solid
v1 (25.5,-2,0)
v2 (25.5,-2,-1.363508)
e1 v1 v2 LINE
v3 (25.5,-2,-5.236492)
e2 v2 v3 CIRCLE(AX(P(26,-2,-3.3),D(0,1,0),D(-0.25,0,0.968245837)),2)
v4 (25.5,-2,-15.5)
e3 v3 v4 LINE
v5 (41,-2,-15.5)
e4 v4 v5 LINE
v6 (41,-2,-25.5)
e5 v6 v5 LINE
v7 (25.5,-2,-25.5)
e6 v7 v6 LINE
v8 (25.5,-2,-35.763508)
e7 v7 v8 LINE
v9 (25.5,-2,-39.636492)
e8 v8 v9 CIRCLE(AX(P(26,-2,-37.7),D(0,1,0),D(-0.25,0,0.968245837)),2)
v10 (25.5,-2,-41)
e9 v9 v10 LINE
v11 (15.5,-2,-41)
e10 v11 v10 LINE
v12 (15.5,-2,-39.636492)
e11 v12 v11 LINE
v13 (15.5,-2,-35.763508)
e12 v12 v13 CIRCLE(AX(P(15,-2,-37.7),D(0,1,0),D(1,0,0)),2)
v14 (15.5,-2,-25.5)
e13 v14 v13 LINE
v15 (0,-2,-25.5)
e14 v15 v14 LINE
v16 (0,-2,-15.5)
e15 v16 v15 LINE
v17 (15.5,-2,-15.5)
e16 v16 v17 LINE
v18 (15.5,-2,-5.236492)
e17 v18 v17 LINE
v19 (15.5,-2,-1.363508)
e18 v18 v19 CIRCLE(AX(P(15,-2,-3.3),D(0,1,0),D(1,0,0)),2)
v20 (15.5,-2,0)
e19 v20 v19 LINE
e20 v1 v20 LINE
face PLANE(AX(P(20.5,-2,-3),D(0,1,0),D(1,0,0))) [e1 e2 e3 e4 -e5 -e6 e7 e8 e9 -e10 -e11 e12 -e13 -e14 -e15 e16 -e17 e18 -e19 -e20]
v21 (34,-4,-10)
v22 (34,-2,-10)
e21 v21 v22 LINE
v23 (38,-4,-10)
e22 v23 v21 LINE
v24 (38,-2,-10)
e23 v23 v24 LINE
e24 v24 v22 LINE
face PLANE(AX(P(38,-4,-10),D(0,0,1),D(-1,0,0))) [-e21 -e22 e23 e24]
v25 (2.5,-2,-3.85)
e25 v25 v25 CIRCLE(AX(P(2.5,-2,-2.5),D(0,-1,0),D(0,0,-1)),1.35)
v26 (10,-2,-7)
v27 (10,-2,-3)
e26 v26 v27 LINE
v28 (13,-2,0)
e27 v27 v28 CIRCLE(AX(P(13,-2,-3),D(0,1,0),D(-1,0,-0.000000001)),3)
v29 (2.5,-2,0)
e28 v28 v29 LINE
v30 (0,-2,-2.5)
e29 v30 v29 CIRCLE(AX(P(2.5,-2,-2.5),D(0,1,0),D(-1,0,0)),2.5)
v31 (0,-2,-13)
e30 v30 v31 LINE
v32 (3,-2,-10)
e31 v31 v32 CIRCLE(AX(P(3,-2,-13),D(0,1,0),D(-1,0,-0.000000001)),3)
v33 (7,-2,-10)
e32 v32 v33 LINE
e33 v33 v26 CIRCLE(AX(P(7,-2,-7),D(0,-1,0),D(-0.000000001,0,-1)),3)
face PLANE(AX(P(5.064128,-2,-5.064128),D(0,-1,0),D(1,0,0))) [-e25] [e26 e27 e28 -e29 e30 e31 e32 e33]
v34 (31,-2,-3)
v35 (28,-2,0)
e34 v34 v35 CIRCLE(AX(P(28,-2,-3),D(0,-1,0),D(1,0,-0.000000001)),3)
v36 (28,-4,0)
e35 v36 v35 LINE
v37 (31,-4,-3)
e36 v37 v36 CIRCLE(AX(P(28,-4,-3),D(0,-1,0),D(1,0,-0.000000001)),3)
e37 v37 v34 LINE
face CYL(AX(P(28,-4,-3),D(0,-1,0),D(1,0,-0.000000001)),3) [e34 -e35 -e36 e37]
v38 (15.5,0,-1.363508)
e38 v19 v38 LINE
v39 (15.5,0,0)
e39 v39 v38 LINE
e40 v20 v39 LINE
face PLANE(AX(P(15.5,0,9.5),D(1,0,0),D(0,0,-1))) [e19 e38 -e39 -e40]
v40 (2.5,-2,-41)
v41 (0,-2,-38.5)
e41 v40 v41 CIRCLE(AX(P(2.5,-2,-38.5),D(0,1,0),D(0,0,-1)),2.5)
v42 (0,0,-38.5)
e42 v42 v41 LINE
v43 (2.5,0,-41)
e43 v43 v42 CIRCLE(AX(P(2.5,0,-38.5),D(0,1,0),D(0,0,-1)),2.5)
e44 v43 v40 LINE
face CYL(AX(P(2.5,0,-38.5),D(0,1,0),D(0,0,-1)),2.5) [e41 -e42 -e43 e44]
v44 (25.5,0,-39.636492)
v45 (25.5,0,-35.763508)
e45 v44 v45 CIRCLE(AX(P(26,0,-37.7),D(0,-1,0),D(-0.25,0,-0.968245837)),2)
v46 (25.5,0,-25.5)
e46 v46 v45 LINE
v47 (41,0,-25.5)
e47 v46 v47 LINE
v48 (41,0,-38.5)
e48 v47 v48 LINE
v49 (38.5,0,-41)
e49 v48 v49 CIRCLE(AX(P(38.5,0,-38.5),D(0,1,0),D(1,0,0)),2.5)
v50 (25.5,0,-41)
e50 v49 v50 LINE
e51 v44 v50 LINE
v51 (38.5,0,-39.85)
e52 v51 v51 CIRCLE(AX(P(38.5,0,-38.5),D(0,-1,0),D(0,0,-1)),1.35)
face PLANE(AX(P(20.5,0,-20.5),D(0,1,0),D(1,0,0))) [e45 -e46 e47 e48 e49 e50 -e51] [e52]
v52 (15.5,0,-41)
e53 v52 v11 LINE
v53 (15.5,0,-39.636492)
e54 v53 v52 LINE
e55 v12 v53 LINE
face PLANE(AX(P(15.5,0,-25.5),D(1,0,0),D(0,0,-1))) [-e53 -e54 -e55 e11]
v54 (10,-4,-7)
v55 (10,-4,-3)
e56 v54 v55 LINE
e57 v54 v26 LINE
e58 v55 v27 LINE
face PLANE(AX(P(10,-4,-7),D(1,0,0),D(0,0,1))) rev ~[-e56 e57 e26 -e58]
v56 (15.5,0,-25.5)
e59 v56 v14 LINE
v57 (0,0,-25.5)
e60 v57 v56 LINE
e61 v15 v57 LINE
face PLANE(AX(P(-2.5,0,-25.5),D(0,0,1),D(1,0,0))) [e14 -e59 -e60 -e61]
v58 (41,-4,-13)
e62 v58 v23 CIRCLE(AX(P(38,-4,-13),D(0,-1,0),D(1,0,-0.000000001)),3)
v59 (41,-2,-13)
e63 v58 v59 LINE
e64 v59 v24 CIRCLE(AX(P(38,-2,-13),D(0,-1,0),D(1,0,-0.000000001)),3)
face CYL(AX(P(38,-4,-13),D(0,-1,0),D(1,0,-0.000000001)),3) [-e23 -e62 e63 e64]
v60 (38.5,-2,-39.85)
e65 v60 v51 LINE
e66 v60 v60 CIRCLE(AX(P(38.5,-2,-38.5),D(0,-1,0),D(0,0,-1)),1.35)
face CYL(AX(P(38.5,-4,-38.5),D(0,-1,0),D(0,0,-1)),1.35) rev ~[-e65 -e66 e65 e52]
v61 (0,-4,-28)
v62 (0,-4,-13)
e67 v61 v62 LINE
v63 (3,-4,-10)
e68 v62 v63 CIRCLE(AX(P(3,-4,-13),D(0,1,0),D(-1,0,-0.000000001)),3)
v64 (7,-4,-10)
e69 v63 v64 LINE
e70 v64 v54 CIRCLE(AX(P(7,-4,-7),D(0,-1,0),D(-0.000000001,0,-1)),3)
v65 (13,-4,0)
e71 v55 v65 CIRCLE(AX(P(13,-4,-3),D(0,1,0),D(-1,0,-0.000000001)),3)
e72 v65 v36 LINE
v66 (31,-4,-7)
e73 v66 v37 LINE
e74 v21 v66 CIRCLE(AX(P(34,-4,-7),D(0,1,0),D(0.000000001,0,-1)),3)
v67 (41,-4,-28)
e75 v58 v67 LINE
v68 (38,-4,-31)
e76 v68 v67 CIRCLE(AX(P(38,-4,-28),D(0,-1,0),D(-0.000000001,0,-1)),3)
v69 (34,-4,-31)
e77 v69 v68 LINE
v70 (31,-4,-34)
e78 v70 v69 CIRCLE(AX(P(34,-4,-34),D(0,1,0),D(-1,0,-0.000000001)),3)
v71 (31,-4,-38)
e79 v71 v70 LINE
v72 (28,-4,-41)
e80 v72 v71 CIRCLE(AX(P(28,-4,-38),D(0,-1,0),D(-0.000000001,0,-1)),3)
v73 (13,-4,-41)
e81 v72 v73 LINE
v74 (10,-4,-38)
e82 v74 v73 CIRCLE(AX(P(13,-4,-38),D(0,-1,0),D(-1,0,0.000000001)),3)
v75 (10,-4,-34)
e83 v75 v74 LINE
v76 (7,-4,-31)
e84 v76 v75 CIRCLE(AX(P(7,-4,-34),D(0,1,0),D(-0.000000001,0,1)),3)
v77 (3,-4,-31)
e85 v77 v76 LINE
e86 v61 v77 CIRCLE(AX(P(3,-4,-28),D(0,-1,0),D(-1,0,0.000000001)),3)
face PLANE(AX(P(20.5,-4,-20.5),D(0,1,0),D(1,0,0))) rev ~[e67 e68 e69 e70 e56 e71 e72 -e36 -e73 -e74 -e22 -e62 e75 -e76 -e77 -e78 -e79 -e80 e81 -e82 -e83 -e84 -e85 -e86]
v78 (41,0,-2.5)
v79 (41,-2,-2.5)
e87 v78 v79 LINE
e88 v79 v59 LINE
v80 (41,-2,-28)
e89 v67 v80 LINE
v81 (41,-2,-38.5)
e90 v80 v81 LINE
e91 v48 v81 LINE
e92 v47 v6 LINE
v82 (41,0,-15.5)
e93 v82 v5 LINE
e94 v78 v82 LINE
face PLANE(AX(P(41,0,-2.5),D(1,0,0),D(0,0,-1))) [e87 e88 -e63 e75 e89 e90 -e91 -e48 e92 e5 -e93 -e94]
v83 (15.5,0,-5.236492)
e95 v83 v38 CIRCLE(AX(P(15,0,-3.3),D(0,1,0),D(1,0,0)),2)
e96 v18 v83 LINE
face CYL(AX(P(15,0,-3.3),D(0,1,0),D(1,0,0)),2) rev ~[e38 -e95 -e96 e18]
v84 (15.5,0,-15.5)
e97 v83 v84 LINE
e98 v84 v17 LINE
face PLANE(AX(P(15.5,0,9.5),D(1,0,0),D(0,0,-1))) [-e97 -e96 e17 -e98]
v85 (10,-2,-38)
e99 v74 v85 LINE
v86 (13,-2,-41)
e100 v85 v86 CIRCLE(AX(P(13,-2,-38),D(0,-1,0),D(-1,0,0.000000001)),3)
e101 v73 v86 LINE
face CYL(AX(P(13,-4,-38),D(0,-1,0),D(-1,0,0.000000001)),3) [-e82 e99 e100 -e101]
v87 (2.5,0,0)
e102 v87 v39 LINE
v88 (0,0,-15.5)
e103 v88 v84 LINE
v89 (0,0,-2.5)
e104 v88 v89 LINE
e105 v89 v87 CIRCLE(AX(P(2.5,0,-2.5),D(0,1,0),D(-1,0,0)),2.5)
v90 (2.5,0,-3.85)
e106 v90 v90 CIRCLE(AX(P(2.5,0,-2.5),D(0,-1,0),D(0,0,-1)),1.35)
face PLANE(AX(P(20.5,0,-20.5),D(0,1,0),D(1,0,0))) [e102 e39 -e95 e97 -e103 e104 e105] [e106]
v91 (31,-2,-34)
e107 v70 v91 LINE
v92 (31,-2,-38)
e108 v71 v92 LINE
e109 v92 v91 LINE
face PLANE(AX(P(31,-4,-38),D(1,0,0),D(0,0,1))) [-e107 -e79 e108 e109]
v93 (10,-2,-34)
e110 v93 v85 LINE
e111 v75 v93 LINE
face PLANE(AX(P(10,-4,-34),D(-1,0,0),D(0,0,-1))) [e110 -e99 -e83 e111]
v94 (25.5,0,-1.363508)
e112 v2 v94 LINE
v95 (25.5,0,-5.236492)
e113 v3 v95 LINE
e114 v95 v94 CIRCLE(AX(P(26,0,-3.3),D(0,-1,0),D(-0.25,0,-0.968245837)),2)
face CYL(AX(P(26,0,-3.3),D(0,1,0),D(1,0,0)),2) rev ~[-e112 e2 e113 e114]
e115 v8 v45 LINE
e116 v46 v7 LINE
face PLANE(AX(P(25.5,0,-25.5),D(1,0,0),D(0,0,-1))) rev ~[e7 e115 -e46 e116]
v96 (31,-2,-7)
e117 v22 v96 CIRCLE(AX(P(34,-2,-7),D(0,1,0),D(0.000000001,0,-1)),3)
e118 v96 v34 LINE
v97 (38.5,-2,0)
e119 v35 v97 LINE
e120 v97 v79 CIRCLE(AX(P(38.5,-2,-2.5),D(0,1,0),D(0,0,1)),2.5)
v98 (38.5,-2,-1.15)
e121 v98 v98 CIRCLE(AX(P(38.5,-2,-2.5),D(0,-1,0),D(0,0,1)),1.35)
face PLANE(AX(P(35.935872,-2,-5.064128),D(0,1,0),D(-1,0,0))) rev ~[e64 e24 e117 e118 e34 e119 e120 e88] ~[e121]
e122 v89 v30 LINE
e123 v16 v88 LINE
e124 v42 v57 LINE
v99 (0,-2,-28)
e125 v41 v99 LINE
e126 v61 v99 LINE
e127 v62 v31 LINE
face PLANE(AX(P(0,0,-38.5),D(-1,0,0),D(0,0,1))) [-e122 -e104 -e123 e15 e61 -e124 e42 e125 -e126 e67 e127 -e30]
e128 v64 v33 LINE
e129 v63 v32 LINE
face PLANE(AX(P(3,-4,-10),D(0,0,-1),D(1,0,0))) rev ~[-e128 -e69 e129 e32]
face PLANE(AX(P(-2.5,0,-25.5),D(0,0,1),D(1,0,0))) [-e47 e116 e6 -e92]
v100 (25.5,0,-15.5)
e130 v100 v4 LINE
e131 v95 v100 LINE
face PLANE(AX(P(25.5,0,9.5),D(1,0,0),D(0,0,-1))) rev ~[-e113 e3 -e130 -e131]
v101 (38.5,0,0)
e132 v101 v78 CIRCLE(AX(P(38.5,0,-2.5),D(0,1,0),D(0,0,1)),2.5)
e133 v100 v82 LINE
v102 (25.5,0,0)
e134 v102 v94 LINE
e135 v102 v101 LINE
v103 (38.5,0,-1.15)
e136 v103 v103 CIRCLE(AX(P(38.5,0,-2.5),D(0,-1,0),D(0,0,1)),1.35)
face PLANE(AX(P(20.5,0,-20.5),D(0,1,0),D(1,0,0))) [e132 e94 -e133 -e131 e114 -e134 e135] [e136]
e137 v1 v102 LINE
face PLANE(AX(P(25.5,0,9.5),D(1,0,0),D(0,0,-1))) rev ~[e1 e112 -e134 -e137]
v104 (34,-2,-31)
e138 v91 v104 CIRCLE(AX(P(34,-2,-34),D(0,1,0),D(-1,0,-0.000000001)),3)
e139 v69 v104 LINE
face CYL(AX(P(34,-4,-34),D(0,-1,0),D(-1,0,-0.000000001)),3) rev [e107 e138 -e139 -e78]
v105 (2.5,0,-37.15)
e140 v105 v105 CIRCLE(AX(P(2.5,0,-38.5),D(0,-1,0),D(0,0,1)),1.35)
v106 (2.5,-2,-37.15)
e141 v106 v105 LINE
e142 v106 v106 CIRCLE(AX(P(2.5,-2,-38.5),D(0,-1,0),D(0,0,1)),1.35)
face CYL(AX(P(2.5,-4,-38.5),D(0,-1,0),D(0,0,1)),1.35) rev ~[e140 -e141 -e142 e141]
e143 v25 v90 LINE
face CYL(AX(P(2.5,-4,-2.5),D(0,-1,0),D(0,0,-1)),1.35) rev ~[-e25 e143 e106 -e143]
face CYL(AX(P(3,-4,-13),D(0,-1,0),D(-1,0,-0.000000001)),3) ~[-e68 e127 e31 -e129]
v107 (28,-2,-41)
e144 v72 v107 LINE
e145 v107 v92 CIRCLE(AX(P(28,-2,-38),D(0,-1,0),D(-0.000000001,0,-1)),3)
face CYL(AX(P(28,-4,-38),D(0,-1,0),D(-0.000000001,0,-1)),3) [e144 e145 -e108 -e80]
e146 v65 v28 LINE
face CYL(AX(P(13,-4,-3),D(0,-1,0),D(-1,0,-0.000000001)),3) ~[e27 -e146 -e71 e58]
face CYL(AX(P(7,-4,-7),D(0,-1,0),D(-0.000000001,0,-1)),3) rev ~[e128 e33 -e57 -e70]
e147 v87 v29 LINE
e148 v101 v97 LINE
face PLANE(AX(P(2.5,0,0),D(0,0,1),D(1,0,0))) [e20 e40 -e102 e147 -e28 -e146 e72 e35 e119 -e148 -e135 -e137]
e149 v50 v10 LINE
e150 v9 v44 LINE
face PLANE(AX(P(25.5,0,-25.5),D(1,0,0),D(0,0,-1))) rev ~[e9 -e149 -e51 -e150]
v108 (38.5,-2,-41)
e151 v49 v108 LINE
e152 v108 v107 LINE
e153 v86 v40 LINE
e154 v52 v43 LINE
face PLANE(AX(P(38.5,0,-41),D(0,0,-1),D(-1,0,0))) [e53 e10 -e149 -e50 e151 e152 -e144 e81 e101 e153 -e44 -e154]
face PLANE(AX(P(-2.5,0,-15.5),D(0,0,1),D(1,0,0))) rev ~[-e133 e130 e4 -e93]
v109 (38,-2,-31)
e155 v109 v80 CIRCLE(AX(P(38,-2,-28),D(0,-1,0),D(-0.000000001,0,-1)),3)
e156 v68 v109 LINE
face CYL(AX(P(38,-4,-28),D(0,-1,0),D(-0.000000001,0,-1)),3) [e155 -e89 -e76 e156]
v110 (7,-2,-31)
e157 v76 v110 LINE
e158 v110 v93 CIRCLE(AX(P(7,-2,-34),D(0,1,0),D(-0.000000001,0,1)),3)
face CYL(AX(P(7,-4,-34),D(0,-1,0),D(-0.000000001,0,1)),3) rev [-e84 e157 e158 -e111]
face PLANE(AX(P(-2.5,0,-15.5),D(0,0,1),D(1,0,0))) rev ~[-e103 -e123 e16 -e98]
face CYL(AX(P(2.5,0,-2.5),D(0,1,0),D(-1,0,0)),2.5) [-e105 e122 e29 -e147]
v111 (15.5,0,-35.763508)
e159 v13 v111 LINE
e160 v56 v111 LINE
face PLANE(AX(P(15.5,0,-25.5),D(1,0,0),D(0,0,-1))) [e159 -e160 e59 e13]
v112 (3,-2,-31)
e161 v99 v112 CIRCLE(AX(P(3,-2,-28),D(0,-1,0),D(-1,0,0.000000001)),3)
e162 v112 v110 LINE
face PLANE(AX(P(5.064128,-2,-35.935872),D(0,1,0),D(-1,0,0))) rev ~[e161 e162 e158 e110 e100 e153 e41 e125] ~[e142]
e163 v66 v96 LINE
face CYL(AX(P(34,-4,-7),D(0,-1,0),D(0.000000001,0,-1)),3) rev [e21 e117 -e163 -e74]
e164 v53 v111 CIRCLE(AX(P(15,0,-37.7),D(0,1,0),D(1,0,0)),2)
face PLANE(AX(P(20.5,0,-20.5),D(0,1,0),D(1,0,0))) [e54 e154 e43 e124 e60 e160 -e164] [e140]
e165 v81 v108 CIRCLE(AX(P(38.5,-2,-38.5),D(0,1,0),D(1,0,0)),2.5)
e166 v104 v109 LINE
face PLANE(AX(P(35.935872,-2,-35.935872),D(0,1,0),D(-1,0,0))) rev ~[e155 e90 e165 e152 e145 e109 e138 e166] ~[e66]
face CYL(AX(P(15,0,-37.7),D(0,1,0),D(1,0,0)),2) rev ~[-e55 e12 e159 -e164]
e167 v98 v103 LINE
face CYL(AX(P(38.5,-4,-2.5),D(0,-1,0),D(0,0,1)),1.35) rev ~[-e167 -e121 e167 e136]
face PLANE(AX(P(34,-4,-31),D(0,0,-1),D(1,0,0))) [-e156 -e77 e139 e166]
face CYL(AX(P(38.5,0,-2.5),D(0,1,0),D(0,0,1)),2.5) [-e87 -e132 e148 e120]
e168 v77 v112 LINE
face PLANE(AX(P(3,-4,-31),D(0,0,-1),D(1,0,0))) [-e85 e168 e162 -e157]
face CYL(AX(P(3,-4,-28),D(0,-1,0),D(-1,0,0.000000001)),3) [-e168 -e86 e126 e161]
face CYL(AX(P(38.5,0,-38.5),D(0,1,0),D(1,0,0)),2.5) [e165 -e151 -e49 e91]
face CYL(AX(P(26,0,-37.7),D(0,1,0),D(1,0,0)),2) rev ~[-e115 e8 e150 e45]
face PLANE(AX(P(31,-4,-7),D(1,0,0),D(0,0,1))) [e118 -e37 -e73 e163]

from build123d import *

# Parameters (mm, degrees)
EXTRUDE_1_DEPTH     = 4
SKETCH_2_R          = 1.35
CUT_EXTRUDE_1_DEPTH = 4
CUT_EXTRUDE_2_DEPTH = 2
SKETCH_4_W          = 46
SKETCH_4_H          = 10
CUT_EXTRUDE_3_DEPTH = 2
SKETCH_6_W          = 10
SKETCH_6_H          = 25
CUT_EXTRUDE_4_DEPTH = 2
SKETCH_7_R          = 2
CUT_EXTRUDE_5_DEPTH = 2


with BuildPart() as part:
    # 草图1 → 凸台-拉伸1 (new body)
    with BuildSketch(Plane(origin=(0, 0, 0), x_dir=(1, 0, 0), z_dir=(0, 1, 0))):
        with BuildLine():
            Line((2.5, 0), (38.5, 0))
            ThreePointArc((38.5, 0), (40.267766953, 0.732233047), (41, 2.5))
            Line((41, 2.5), (41, 38.5))
            ThreePointArc((41, 38.5), (40.267766953, 40.267766953), (38.5, 41))
            Line((38.5, 41), (2.5, 41))
            ThreePointArc((2.5, 41), (0.732233047, 40.267766953), (0, 38.5))
            Line((0, 38.5), (0, 2.5))
            ThreePointArc((0, 2.5), (0.732233047, 0.732233047), (2.5, 0))
        make_face()
    extrude(amount=-EXTRUDE_1_DEPTH)

    # 草图2 → 切除-拉伸1 (cut)
    with BuildSketch(Plane.XZ.offset(4)):
        with Locations(Location((2.5, -2.5, 0), (0, 0, 270))):
            Circle(SKETCH_2_R)
        with Locations(Location((38.5, -2.5, 0), (0, 0, 90))):
            Circle(SKETCH_2_R)
        with Locations(Location((2.5, -38.5, 0), (0, 0, 90))):
            Circle(SKETCH_2_R)
        with Locations(Location((38.5, -38.5, 0), (0, 0, 270))):
            Circle(SKETCH_2_R)
    extrude(amount=-CUT_EXTRUDE_1_DEPTH, mode=Mode.SUBTRACT)

    # 草图3 → 切除-拉伸2 (cut)
    with BuildSketch(Plane.XZ.offset(4)):
        with BuildLine():
            Line((0, -10), (0, -13))
            ThreePointArc((0, -13), (0.878679656, -10.878679656), (3, -10))
            Line((3, -10), (7, -10))
            ThreePointArc((7, -10), (9.121320344, -9.121320344), (10, -7))
            Line((10, -7), (10, -3))
            ThreePointArc((10, -3), (10.878679656, -0.878679656), (13, 0))
            Line((13, 0), (10, 0))
            Line((10, 0), (0, 0))
            Line((0, 0), (0, -10))
        make_face()
        with BuildLine():
            Line((41, 0), (41, -10))
            Line((41, -10), (41, -13))
            ThreePointArc((41, -13), (40.121320344, -10.878679656), (38, -10))
            Line((38, -10), (34, -10))
            ThreePointArc((34, -10), (31.878679656, -9.121320344), (31, -7))
            Line((31, -7), (31, -3))
            ThreePointArc((31, -3), (30.121320344, -0.878679656), (28, 0))
            Line((28, 0), (31, 0))
            Line((31, 0), (41, 0))
        make_face()
        with BuildLine():
            Line((41, -41), (31, -41))
            Line((31, -41), (28, -41))
            ThreePointArc((28, -41), (30.121320344, -40.121320344), (31, -38))
            Line((31, -38), (31, -34))
            ThreePointArc((31, -34), (31.878679656, -31.878679656), (34, -31))
            Line((34, -31), (38, -31))
            ThreePointArc((38, -31), (40.121320344, -30.121320344), (41, -28))
            Line((41, -28), (41, -31))
            Line((41, -31), (41, -41))
        make_face()
        with BuildLine():
            Line((0, -41), (0, -31))
            Line((0, -31), (0, -28))
            ThreePointArc((0, -28), (0.878679656, -30.121320344), (3, -31))
            Line((3, -31), (7, -31))
            ThreePointArc((7, -31), (9.121320344, -31.878679656), (10, -34))
            Line((10, -34), (10, -38))
            ThreePointArc((10, -38), (10.878679656, -40.121320344), (13, -41))
            Line((13, -41), (10, -41))
            Line((10, -41), (0, -41))
        make_face()
    extrude(amount=-CUT_EXTRUDE_2_DEPTH, mode=Mode.SUBTRACT)

    # 草图4 → 切除-拉伸3 (cut)
    with BuildSketch(Plane(origin=(0, 0, 0), x_dir=(1, 0, 0), z_dir=(0, 1, 0))):
        with Locations((20.5, 20.5)):
            Rectangle(SKETCH_4_W, SKETCH_4_H)
    extrude(amount=-CUT_EXTRUDE_3_DEPTH, mode=Mode.SUBTRACT)

    # 草图6 → 切除-拉伸4 (cut)
    with BuildSketch(Plane(origin=(0, 0, 0), x_dir=(1, 0, 0), z_dir=(0, 1, 0))):
        with Locations((20.5, 38)):
            Rectangle(SKETCH_6_W, SKETCH_6_H)
        with Locations((20.5, 3)):
            Rectangle(SKETCH_6_W, SKETCH_6_H)
    extrude(amount=-CUT_EXTRUDE_4_DEPTH, mode=Mode.SUBTRACT)

    # 草图7 → 切除-拉伸5 (cut)
    with BuildSketch(Plane(origin=(0, 0, 0), x_dir=(1, 0, 0), z_dir=(0, 1, 0))):
        with Locations((15, 37.7)):
            Circle(SKETCH_7_R)
        with Locations((26, 3.3)):
            Circle(SKETCH_7_R)
        with Locations((26, 37.7)):
            Circle(SKETCH_7_R)
        with Locations((15, 3.3)):
            Circle(SKETCH_7_R)
    extrude(amount=-CUT_EXTRUDE_5_DEPTH, mode=Mode.SUBTRACT)


solid = part.part
